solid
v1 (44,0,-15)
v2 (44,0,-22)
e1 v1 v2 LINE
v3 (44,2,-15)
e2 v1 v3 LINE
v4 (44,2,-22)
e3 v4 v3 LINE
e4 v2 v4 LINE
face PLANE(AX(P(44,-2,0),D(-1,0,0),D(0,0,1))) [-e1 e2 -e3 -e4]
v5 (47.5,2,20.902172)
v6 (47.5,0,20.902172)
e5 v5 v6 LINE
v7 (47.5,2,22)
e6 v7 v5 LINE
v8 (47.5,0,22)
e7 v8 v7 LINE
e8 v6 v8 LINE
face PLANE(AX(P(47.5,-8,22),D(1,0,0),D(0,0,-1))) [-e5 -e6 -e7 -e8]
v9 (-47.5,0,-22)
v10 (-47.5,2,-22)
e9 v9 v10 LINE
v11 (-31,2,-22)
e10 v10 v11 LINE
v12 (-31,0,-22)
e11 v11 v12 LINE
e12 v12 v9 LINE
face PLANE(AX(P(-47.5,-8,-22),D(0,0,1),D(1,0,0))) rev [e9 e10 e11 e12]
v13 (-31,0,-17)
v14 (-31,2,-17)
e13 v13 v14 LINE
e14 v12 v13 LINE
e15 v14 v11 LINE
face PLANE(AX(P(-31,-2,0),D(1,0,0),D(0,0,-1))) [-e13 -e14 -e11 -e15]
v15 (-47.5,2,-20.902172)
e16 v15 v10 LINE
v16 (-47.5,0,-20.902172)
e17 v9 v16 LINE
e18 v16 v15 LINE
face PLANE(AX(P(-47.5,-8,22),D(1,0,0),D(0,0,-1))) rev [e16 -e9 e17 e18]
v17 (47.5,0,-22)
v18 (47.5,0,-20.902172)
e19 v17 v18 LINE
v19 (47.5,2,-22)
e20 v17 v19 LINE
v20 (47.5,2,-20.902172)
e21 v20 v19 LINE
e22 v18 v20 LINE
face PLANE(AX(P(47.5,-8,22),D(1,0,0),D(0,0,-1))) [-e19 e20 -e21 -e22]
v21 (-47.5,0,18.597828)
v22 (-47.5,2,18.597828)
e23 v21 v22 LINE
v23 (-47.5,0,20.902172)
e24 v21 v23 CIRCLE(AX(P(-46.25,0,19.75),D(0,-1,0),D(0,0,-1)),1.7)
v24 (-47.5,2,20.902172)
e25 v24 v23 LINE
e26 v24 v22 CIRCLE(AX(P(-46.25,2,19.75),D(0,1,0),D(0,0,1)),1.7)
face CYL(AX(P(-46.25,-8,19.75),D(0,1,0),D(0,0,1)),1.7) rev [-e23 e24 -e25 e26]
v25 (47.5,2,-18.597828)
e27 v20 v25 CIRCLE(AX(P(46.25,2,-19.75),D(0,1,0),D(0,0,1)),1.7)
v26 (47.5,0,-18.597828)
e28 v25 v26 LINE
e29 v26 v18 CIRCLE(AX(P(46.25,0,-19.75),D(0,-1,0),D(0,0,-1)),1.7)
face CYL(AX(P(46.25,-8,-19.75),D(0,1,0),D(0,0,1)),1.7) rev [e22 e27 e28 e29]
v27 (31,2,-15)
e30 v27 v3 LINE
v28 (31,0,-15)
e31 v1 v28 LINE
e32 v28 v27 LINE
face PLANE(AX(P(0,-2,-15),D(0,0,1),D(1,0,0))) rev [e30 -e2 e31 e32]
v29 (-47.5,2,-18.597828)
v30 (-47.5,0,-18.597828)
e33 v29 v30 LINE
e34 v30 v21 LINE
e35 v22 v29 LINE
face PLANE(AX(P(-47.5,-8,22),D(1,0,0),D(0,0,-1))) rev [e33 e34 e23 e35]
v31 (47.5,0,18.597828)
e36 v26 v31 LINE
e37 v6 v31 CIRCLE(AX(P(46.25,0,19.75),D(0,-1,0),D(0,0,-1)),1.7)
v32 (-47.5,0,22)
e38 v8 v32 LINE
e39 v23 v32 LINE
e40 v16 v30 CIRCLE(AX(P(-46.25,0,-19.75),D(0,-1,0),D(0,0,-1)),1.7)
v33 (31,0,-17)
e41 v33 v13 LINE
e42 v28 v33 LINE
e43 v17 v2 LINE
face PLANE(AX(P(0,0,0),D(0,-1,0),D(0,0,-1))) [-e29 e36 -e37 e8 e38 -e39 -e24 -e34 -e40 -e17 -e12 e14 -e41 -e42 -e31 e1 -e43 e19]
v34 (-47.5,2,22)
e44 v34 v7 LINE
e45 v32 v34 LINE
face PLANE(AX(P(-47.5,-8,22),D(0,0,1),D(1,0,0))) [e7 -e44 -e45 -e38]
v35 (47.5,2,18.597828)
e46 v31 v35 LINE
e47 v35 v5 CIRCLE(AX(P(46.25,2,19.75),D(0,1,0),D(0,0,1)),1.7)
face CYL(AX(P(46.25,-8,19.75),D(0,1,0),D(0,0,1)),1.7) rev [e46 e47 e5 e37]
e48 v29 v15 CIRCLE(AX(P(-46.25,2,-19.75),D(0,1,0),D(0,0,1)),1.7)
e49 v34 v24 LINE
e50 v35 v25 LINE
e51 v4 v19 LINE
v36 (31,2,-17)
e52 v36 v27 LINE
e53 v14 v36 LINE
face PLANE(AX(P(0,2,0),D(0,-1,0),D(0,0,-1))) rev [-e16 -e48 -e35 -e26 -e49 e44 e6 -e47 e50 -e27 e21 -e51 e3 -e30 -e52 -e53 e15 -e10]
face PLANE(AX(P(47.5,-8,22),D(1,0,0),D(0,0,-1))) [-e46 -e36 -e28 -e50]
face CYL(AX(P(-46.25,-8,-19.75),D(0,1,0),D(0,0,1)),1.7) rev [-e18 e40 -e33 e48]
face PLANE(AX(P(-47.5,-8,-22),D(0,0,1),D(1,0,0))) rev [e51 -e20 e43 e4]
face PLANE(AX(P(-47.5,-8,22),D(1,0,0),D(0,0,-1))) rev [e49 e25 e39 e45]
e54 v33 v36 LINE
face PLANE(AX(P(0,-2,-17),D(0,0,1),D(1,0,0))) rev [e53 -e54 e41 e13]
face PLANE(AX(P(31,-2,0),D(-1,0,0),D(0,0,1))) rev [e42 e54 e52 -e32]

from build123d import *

# Parameters (mm, degrees)
SKETCH2_W           = 102
SKETCH2_H           = 50
BOSS_EXTRUDE2_DEPTH = 2
SKETCH1_W           = 98
SKETCH1_H           = 46
BOSS_EXTRUDE1_DEPTH = 2
FILLET1_R           = 2
SKETCH3_R           = 1
CUT_EXTRUDE1_DEPTH  = 1.6
CUT_EXTRUDE2_DEPTH  = 4
SKETCH5_OUTSIDE_W   = 126.722
SKETCH5_OUTSIDE_H   = 74.722
SKETCH5_OUTSIDE_W_2 = 95
SKETCH5_OUTSIDE_H_2 = 44
CUT_EXTRUDE3_DEPTH  = 10
SKETCH6_R           = 0.25
CUT_EXTRUDE4_DEPTH  = 10
SKETCH7_R           = 1.7
CUT_EXTRUDE5_DEPTH  = 10


with BuildPart() as part:
    # Sketch2 → Boss-Extrude2 (new body)
    with BuildSketch(Plane(origin=(0, 0, 0), x_dir=(1, 0, 0), z_dir=(0, 1, 0))):
        Rectangle(SKETCH2_W, SKETCH2_H)
    extrude(amount=BOSS_EXTRUDE2_DEPTH)

    # Sketch1 → Boss-Extrude1 (add)
    with BuildSketch(Plane(origin=(0, 0, 0), x_dir=(1, 0, 0), z_dir=(0, 1, 0))):
        Rectangle(SKETCH1_W, SKETCH1_H)
    extrude(amount=BOSS_EXTRUDE1_DEPTH)

    # Fillet1
    fillet1_edges = [part.edges().sort_by_distance(p)[0] for p in [
        (-51, 1, 25),
        (-51, 1, -25),
        (51, 1, -25),
        (51, 1, 25),
    ]]
    fillet(fillet1_edges, radius=FILLET1_R)

    # Sketch3 → Cut-Extrude1 (cut)
    with BuildSketch(Plane(origin=(0, 2, 0), x_dir=(1, 0, 0), z_dir=(0, 1, 0))):
        with Locations((-46.25, -19.75)):
            Circle(SKETCH3_R)
        with Locations((46.25, -19.75)):
            Circle(SKETCH3_R)
        with Locations((-46.25, 19.75)):
            Circle(SKETCH3_R)
        with Locations((46.25, 19.75)):
            Circle(SKETCH3_R)
    extrude(amount=-CUT_EXTRUDE1_DEPTH, mode=Mode.SUBTRACT)

    # Sketch4 → Cut-Extrude2 (cut)
    with BuildSketch(Plane(origin=(0, 2, 0), x_dir=(1, 0, 0), z_dir=(0, 1, 0))):
        Polygon((-31, 25), (-31, 21), (-31, 17), (-16, 17), (31, 17), (31, 15), (44, 15), (44, 19), (44, 25), align=None)
    extrude(amount=-CUT_EXTRUDE2_DEPTH, mode=Mode.SUBTRACT)

    # Sketch5 outside → Cut-Extrude3 (cut)
    with BuildSketch(Plane(origin=(0, 2, 0), x_dir=(1, 0, 0), z_dir=(0, 1, 0))):
        Rectangle(SKETCH5_OUTSIDE_W, SKETCH5_OUTSIDE_H)
        Rectangle(SKETCH5_OUTSIDE_W_2, SKETCH5_OUTSIDE_H_2, mode=Mode.SUBTRACT)
    extrude(amount=-CUT_EXTRUDE3_DEPTH, mode=Mode.SUBTRACT)

    # Sketch6 → Cut-Extrude4 (cut)
    with BuildSketch(Plane(origin=(0, 0.4, 0), x_dir=(1, 0, 0), z_dir=(0, 1, 0))):
        with Locations((-46.25, 19.75)):
            Circle(SKETCH6_R)
        with Locations((-46.25, -19.75)):
            Circle(SKETCH6_R)
        with Locations((46.25, 19.75)):
            Circle(SKETCH6_R)
        with Locations((46.25, -19.75)):
            Circle(SKETCH6_R)
    extrude(amount=-CUT_EXTRUDE4_DEPTH, mode=Mode.SUBTRACT)

    # Sketch7 → Cut-Extrude5 (cut)
    with BuildSketch(Plane(origin=(0, 2, 0), x_dir=(1, 0, 0), z_dir=(0, 1, 0))):
        with Locations((-46.25, -19.75)):
            Circle(SKETCH7_R)
        with Locations((-46.25, 19.75)):
            Circle(SKETCH7_R)
        with Locations((46.25, 19.75)):
            Circle(SKETCH7_R)
        with Locations((46.25, -19.75)):
            Circle(SKETCH7_R)
    extrude(amount=-CUT_EXTRUDE5_DEPTH, mode=Mode.SUBTRACT)


solid = part.part
